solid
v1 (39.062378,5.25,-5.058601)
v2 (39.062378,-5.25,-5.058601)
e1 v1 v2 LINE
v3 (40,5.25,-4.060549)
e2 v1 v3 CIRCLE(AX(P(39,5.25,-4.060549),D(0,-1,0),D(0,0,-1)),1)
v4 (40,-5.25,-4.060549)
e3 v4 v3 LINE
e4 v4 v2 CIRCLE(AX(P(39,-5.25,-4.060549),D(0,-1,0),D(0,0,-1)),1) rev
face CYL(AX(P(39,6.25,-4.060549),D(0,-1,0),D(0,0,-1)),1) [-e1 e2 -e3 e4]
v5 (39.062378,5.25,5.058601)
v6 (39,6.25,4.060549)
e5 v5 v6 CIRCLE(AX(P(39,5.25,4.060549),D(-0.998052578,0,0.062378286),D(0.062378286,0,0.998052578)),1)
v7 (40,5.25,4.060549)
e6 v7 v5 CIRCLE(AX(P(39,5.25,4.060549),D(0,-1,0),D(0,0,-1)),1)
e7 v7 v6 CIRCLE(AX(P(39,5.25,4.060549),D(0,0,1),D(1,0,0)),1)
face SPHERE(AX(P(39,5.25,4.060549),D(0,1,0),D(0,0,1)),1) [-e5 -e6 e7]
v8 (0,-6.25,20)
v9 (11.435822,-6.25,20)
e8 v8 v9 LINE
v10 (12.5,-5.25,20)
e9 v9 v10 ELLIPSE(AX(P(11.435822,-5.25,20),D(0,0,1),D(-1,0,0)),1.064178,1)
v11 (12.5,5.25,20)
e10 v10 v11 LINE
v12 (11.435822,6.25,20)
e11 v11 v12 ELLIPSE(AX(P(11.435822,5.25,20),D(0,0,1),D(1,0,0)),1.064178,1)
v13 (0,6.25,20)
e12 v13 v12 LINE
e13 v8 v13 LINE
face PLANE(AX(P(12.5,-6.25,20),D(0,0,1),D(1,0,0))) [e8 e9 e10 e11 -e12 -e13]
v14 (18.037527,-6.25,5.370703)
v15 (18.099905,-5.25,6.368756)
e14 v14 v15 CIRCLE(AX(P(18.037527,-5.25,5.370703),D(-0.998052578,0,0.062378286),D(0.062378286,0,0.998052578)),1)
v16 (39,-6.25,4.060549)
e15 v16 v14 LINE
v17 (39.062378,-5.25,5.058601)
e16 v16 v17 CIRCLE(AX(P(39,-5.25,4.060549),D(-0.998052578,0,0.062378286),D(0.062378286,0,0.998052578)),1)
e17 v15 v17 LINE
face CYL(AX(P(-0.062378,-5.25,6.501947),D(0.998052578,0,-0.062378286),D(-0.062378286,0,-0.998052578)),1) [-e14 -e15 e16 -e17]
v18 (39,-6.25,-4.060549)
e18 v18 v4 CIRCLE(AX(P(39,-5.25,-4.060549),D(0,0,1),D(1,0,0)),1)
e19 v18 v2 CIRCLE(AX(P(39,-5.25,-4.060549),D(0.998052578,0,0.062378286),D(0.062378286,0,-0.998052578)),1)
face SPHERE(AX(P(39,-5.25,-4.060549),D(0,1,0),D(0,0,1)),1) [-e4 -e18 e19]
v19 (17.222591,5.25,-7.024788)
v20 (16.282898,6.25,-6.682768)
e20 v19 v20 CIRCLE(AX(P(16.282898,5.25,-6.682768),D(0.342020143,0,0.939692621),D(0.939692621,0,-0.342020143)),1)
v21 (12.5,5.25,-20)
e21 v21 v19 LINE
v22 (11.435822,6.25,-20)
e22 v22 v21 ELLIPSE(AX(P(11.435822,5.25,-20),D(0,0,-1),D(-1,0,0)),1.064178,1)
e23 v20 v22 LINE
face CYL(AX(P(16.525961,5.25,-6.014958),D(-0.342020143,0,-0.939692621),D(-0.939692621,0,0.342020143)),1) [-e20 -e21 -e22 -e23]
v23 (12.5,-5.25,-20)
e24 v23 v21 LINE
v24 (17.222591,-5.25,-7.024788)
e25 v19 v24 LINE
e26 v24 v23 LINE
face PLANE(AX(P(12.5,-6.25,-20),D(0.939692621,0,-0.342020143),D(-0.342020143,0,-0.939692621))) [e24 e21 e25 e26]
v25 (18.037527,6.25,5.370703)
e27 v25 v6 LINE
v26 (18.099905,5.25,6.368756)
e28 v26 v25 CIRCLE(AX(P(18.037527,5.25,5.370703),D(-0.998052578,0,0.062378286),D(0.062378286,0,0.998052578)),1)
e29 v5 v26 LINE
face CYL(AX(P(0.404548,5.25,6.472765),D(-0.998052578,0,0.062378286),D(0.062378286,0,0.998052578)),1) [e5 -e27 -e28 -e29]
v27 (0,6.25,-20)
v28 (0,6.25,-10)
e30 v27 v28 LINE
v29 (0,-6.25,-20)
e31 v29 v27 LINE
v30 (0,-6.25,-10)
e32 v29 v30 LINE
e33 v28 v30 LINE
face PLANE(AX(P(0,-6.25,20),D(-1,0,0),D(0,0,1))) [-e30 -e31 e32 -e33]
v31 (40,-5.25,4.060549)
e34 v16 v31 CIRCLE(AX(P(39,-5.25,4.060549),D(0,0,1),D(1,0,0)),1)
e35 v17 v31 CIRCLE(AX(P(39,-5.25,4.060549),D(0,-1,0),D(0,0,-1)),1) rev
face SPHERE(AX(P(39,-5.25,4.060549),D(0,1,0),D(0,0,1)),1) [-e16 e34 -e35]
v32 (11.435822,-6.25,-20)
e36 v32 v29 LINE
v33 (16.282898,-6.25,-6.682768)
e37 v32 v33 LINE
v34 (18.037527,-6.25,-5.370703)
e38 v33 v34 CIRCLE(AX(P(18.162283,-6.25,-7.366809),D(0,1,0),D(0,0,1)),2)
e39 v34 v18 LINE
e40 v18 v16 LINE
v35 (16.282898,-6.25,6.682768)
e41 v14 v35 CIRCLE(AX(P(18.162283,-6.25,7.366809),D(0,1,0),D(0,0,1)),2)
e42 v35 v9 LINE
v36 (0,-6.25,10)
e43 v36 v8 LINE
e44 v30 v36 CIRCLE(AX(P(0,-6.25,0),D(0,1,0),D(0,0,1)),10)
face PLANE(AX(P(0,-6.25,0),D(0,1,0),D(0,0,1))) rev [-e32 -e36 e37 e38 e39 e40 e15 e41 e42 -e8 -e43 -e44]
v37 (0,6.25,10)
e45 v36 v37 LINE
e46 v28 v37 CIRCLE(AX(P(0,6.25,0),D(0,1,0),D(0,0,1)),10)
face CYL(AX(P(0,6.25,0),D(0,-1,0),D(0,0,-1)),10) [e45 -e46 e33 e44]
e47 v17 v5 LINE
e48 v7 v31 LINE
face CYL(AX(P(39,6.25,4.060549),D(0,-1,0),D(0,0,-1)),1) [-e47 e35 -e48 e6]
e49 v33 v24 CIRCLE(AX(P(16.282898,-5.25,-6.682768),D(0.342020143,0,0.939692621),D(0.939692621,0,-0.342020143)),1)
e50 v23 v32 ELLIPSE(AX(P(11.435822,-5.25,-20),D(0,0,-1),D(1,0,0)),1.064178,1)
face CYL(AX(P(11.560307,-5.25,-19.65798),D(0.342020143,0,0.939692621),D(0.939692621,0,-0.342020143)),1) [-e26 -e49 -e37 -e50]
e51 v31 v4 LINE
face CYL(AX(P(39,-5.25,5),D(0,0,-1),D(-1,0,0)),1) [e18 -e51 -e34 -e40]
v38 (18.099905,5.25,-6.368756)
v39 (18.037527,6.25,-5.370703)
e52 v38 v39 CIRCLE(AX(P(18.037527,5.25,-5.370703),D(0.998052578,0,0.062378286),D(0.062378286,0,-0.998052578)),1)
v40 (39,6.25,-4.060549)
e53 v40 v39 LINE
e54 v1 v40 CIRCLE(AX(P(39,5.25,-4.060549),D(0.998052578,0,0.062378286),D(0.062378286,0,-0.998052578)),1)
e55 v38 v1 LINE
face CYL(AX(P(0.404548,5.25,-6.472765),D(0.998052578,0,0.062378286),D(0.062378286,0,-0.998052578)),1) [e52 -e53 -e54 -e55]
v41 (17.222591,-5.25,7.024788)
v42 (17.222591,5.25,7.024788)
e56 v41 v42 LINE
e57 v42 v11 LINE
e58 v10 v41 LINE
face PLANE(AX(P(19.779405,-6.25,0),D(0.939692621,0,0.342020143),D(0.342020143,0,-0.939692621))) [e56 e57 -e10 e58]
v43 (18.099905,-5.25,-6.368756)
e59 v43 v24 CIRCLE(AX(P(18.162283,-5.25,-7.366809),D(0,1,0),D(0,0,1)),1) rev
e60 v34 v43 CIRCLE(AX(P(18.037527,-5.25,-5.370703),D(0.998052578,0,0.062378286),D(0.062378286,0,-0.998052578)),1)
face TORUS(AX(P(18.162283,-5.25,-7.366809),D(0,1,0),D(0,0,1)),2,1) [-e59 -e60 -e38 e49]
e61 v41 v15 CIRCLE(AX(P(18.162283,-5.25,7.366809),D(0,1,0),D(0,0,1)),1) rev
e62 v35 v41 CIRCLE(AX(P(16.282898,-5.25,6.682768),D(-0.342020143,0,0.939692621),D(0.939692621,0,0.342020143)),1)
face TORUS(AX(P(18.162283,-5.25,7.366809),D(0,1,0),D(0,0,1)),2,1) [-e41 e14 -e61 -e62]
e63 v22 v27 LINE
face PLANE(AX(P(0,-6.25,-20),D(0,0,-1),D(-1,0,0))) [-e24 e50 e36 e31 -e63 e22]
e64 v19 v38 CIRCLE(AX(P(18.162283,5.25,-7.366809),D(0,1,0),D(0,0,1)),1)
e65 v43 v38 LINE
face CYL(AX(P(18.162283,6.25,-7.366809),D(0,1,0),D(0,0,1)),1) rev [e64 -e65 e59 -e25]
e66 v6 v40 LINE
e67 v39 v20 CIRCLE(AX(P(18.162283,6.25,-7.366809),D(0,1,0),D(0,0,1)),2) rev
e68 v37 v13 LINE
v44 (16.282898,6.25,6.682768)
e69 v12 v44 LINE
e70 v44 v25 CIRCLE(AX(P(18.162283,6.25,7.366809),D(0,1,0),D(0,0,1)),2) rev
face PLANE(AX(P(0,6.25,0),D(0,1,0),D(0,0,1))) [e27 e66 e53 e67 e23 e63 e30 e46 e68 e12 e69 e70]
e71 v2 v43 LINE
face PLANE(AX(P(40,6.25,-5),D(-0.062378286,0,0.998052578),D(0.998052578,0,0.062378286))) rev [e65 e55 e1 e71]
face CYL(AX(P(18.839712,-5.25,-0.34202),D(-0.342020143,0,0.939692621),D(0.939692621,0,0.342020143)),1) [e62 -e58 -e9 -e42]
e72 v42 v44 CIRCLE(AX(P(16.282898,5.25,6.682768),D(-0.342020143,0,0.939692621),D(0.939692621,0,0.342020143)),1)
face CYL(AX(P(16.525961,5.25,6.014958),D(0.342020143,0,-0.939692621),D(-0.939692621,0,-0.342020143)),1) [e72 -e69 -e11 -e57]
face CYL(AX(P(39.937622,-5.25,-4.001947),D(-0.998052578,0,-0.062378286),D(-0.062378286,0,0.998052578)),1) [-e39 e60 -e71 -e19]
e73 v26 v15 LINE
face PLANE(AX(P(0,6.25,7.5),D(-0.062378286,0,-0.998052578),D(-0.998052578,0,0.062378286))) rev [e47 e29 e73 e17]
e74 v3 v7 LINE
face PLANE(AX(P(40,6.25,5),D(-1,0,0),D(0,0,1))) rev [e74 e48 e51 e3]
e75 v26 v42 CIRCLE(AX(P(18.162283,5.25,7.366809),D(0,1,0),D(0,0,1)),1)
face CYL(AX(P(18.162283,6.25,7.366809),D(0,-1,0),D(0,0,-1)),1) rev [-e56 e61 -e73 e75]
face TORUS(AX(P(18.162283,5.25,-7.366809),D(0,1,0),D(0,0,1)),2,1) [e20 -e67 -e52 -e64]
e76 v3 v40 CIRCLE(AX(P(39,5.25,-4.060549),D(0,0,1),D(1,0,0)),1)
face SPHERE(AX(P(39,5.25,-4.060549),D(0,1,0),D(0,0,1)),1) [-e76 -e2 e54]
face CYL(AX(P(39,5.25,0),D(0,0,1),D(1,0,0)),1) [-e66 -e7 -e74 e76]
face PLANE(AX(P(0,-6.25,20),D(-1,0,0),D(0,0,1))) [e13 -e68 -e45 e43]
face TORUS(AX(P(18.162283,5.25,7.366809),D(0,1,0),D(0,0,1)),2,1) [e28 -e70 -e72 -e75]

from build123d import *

# Parameters (mm, degrees)
SKETCH1_R           = 10
BOSS_EXTRUDE1_DEPTH = 6.25
BOSS_EXTRUDE2_DEPTH = 6.25
BOSS_EXTRUDE5_DEPTH = 12.5
FILLET2_R           = 1
FILLET3_R           = 1


with BuildPart() as part:
    # Sketch1 → Boss-Extrude1 (new, symmetric)
    with BuildSketch(Plane(origin=(0, 0, 0), x_dir=(-1, 0, 0), z_dir=(0, 1, 0))):
        with Locations(Location((0, 0, 0), (0, 0, 90))):
            Circle(SKETCH1_R)
    extrude(amount=BOSS_EXTRUDE1_DEPTH, both=True)

    # Sketch2 → Boss-Extrude2 (add, symmetric)
    with BuildSketch(Plane(origin=(0, 0, 0), x_dir=(-1, 0, 0), z_dir=(0, 1, 0))):
        Polygon((0, 0), (0, 7.5), (-40, 5), (-40, -5), (0, -7.5), align=None)
    extrude(amount=BOSS_EXTRUDE2_DEPTH, both=True)

    # Sketch4 → Boss-Extrude5 (add, through all)
    with BuildSketch(Plane(origin=(0, 6.25, 0), x_dir=(1, 0, 0), z_dir=(0, 1, 0))):
        Polygon((19.779404685, 0), (12.5, -20), (0, -20), (0, 20), (12.5, 20), align=None)
    extrude(amount=-BOSS_EXTRUDE5_DEPTH)

    # Fillet2
    fillet2_edges = [part.edges().sort_by_distance(p)[0] for p in [
        (40, 0, -5),
        (40, 0, 5),
        (17.446503424, 0, -6.409593536),
        (17.446503424, 0, 6.409593536),
    ]]
    fillet(fillet2_edges, radius=FILLET2_R)

    # Fillet3
    fillet3_edges = [part.edges().sort_by_distance(p)[0] for p in [
        (14.86129541, -6.25, 13.512394182),
        (14.86129541, 6.25, 13.512394182),
        (28.58114172, 6.25, 5.713678643),
        (28.58114172, -6.25, 5.713678643),
        (28.58114172, -6.25, -5.713678643),
        (28.58114172, 6.25, -5.713678643),
        (14.86129541, -6.25, -13.512394182),
        (14.86129541, 6.25, -13.512394182),
        (40, -6.25, 0),
        (39.728827238, -6.25, 4.745246418),
        (39.728827238, -6.25, -4.745246418),
        (40, 6.25, 0),
        (39.728827238, 6.25, 4.745246418),
        (39.728827238, 6.25, -4.745246418),
        (17.563425222, -6.25, 6.565953441),
        (17.563425222, 6.25, 6.565953441),
        (17.563425222, 6.25, -6.565953441),
        (17.563425222, -6.25, -6.565953441),
    ]]
    fillet(fillet3_edges, radius=FILLET3_R)


solid = part.part
